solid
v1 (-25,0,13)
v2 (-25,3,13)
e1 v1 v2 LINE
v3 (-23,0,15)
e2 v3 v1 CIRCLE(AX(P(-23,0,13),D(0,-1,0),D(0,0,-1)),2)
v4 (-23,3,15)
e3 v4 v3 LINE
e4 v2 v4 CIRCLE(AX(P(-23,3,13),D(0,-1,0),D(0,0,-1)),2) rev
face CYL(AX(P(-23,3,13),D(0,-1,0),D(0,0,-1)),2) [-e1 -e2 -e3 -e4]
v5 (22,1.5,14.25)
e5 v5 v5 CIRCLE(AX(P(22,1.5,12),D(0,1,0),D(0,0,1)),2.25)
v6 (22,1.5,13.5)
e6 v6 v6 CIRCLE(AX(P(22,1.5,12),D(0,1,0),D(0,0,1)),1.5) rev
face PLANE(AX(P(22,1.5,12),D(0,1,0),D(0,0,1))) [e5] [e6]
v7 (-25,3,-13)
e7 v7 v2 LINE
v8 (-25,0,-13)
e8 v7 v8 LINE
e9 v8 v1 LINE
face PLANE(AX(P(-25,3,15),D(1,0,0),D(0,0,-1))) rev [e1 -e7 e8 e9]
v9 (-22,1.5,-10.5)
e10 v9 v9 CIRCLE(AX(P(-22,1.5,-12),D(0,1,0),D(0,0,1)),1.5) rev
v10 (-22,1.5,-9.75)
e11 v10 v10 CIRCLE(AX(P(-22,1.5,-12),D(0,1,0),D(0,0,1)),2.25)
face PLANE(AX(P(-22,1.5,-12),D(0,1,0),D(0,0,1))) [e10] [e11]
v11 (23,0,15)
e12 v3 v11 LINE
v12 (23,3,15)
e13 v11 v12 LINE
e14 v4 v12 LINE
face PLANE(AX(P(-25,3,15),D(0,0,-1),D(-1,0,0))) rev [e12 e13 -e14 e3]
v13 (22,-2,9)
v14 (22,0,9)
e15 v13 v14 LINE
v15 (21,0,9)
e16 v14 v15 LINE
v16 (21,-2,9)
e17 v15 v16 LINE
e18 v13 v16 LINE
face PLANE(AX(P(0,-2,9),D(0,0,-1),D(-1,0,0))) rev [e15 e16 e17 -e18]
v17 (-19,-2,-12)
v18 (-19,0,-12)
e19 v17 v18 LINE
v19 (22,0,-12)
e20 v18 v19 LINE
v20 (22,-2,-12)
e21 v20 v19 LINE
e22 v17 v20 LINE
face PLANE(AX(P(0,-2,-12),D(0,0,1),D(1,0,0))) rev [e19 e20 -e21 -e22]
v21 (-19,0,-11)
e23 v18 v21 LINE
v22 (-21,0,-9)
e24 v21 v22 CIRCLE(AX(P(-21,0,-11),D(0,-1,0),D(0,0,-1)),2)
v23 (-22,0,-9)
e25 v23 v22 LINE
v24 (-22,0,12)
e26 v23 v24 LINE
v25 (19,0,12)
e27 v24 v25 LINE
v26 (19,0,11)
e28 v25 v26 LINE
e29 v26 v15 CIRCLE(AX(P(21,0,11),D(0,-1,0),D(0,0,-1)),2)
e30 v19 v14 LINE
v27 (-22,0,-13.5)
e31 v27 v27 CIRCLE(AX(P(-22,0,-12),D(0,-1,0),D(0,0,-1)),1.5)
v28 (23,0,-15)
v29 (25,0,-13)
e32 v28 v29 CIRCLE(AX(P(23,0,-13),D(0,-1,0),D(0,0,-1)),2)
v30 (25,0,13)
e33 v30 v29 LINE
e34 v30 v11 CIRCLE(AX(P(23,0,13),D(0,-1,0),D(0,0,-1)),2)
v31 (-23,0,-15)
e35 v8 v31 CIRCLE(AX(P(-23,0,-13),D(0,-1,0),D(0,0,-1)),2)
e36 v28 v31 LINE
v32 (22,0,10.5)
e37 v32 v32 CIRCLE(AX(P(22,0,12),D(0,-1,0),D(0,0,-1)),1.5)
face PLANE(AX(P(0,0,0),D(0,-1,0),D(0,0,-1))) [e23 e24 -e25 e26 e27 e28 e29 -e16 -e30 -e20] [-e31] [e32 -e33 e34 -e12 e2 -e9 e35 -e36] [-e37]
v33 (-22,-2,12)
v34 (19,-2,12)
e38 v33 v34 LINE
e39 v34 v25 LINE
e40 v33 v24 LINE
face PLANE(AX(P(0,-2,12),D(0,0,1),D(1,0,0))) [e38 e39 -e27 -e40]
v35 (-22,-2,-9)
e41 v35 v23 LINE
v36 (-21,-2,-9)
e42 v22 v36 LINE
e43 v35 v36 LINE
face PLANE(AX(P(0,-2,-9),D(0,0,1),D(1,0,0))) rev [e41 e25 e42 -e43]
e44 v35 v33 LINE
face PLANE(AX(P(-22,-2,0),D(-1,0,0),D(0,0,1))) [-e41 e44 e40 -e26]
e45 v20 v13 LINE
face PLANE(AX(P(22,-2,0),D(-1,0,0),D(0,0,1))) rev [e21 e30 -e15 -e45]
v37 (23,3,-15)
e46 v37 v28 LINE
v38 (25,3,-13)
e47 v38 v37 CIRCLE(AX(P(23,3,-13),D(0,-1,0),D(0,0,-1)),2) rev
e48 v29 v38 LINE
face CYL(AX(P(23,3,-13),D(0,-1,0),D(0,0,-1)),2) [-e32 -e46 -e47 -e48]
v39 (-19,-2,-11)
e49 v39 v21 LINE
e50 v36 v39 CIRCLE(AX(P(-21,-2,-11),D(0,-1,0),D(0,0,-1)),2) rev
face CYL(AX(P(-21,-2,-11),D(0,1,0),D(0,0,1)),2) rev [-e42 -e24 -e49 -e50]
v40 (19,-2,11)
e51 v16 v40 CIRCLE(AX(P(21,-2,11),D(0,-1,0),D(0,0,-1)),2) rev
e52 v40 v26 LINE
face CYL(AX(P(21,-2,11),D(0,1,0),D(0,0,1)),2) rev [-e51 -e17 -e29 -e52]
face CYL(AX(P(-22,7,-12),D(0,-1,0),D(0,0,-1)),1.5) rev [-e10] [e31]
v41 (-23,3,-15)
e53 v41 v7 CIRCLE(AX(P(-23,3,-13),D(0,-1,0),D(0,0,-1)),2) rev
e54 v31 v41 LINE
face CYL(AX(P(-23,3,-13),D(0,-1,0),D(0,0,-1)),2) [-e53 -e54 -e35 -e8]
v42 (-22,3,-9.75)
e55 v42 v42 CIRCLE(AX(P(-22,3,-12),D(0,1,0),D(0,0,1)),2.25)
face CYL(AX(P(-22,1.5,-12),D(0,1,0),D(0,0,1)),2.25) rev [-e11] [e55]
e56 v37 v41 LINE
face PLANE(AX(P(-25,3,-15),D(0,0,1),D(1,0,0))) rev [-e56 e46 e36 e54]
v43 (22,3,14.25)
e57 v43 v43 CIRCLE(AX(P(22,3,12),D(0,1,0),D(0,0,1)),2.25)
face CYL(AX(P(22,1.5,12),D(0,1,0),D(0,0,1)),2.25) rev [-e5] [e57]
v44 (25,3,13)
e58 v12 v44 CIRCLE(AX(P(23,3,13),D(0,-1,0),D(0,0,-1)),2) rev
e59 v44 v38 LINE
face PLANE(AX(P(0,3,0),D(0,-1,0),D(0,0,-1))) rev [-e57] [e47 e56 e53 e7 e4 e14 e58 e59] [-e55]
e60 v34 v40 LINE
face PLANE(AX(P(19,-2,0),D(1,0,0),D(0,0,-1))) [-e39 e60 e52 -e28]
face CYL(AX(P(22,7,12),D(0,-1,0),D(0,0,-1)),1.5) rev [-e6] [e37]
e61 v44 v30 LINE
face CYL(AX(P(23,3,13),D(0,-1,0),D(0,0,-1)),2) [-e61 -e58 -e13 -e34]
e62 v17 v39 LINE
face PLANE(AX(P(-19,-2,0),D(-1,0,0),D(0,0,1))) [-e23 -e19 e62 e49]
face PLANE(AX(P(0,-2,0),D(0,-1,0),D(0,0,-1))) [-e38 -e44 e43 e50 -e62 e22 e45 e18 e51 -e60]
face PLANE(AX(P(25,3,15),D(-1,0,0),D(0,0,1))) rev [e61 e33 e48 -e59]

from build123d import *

# Parameters (mm, degrees)
CROQUIS2_W              = 50
CROQUIS2_H              = 30
SALIENTE_EXTRUIR2_DEPTH = 3
SALIENTE_EXTRUIR3_DEPTH = 2
REDONDEO1_R             = 2
CROQUIS6_R              = 1.5
CORTAR_EXTRUIR2_DEPTH   = 7
REDONDEO3_R             = 2
CROQUIS7_R              = 2.25
CORTAR_EXTRUIR3_DEPTH   = 1.5


with BuildPart() as part:
    # Croquis2 → Saliente-Extruir2 (new body)
    with BuildSketch(Plane(origin=(0, 0, 0), x_dir=(1, 0, 0), z_dir=(0, 1, 0))):
        Rectangle(CROQUIS2_W, CROQUIS2_H)
    extrude(amount=SALIENTE_EXTRUIR2_DEPTH)

    # Croquis3 → Saliente-Extruir3 (add)
    with BuildSketch(Plane.XZ):
        Polygon((-19, -12), (22, -12), (22, 9), (19, 9), (19, 12), (-22, 12), (-22, -9), (-19, -9), align=None)
    extrude(amount=SALIENTE_EXTRUIR3_DEPTH)

    # Redondeo1
    redondeo1_edges = [part.edges().sort_by_distance(p)[0] for p in [
        (25, 1.5, 15),
        (-25, 1.5, 15),
        (-25, 1.5, -15),
        (25, 1.5, -15),
    ]]
    fillet(redondeo1_edges, radius=REDONDEO1_R)

    # Croquis6 → Cortar-Extruir2 (cut)
    with BuildSketch(Plane.XZ):
        with Locations(Location((-22, -12, 0), (0, 0, 270))):
            Circle(CROQUIS6_R)
        with Locations(Location((22, 12, 0), (0, 0, 270))):
            Circle(CROQUIS6_R)
    extrude(amount=-CORTAR_EXTRUIR2_DEPTH, mode=Mode.SUBTRACT)

    # Redondeo3
    redondeo3_edges = [part.edges().sort_by_distance(p)[0] for p in [
        (-19, -1, -9),
        (19, -1, 9),
    ]]
    fillet(redondeo3_edges, radius=REDONDEO3_R)

    # Croquis7 → Cortar-Extruir3 (cut)
    with BuildSketch(Plane(origin=(0, 3, 0), x_dir=(1, 0, 0), z_dir=(0, 1, 0))):
        with Locations(Location((-22, 12, 0), (0, 0, 270))):
            Circle(CROQUIS7_R)
        with Locations(Location((22, -12, 0), (0, 0, 270))):
            Circle(CROQUIS7_R)
    extrude(amount=-CORTAR_EXTRUIR3_DEPTH, mode=Mode.SUBTRACT)


solid = part.part
